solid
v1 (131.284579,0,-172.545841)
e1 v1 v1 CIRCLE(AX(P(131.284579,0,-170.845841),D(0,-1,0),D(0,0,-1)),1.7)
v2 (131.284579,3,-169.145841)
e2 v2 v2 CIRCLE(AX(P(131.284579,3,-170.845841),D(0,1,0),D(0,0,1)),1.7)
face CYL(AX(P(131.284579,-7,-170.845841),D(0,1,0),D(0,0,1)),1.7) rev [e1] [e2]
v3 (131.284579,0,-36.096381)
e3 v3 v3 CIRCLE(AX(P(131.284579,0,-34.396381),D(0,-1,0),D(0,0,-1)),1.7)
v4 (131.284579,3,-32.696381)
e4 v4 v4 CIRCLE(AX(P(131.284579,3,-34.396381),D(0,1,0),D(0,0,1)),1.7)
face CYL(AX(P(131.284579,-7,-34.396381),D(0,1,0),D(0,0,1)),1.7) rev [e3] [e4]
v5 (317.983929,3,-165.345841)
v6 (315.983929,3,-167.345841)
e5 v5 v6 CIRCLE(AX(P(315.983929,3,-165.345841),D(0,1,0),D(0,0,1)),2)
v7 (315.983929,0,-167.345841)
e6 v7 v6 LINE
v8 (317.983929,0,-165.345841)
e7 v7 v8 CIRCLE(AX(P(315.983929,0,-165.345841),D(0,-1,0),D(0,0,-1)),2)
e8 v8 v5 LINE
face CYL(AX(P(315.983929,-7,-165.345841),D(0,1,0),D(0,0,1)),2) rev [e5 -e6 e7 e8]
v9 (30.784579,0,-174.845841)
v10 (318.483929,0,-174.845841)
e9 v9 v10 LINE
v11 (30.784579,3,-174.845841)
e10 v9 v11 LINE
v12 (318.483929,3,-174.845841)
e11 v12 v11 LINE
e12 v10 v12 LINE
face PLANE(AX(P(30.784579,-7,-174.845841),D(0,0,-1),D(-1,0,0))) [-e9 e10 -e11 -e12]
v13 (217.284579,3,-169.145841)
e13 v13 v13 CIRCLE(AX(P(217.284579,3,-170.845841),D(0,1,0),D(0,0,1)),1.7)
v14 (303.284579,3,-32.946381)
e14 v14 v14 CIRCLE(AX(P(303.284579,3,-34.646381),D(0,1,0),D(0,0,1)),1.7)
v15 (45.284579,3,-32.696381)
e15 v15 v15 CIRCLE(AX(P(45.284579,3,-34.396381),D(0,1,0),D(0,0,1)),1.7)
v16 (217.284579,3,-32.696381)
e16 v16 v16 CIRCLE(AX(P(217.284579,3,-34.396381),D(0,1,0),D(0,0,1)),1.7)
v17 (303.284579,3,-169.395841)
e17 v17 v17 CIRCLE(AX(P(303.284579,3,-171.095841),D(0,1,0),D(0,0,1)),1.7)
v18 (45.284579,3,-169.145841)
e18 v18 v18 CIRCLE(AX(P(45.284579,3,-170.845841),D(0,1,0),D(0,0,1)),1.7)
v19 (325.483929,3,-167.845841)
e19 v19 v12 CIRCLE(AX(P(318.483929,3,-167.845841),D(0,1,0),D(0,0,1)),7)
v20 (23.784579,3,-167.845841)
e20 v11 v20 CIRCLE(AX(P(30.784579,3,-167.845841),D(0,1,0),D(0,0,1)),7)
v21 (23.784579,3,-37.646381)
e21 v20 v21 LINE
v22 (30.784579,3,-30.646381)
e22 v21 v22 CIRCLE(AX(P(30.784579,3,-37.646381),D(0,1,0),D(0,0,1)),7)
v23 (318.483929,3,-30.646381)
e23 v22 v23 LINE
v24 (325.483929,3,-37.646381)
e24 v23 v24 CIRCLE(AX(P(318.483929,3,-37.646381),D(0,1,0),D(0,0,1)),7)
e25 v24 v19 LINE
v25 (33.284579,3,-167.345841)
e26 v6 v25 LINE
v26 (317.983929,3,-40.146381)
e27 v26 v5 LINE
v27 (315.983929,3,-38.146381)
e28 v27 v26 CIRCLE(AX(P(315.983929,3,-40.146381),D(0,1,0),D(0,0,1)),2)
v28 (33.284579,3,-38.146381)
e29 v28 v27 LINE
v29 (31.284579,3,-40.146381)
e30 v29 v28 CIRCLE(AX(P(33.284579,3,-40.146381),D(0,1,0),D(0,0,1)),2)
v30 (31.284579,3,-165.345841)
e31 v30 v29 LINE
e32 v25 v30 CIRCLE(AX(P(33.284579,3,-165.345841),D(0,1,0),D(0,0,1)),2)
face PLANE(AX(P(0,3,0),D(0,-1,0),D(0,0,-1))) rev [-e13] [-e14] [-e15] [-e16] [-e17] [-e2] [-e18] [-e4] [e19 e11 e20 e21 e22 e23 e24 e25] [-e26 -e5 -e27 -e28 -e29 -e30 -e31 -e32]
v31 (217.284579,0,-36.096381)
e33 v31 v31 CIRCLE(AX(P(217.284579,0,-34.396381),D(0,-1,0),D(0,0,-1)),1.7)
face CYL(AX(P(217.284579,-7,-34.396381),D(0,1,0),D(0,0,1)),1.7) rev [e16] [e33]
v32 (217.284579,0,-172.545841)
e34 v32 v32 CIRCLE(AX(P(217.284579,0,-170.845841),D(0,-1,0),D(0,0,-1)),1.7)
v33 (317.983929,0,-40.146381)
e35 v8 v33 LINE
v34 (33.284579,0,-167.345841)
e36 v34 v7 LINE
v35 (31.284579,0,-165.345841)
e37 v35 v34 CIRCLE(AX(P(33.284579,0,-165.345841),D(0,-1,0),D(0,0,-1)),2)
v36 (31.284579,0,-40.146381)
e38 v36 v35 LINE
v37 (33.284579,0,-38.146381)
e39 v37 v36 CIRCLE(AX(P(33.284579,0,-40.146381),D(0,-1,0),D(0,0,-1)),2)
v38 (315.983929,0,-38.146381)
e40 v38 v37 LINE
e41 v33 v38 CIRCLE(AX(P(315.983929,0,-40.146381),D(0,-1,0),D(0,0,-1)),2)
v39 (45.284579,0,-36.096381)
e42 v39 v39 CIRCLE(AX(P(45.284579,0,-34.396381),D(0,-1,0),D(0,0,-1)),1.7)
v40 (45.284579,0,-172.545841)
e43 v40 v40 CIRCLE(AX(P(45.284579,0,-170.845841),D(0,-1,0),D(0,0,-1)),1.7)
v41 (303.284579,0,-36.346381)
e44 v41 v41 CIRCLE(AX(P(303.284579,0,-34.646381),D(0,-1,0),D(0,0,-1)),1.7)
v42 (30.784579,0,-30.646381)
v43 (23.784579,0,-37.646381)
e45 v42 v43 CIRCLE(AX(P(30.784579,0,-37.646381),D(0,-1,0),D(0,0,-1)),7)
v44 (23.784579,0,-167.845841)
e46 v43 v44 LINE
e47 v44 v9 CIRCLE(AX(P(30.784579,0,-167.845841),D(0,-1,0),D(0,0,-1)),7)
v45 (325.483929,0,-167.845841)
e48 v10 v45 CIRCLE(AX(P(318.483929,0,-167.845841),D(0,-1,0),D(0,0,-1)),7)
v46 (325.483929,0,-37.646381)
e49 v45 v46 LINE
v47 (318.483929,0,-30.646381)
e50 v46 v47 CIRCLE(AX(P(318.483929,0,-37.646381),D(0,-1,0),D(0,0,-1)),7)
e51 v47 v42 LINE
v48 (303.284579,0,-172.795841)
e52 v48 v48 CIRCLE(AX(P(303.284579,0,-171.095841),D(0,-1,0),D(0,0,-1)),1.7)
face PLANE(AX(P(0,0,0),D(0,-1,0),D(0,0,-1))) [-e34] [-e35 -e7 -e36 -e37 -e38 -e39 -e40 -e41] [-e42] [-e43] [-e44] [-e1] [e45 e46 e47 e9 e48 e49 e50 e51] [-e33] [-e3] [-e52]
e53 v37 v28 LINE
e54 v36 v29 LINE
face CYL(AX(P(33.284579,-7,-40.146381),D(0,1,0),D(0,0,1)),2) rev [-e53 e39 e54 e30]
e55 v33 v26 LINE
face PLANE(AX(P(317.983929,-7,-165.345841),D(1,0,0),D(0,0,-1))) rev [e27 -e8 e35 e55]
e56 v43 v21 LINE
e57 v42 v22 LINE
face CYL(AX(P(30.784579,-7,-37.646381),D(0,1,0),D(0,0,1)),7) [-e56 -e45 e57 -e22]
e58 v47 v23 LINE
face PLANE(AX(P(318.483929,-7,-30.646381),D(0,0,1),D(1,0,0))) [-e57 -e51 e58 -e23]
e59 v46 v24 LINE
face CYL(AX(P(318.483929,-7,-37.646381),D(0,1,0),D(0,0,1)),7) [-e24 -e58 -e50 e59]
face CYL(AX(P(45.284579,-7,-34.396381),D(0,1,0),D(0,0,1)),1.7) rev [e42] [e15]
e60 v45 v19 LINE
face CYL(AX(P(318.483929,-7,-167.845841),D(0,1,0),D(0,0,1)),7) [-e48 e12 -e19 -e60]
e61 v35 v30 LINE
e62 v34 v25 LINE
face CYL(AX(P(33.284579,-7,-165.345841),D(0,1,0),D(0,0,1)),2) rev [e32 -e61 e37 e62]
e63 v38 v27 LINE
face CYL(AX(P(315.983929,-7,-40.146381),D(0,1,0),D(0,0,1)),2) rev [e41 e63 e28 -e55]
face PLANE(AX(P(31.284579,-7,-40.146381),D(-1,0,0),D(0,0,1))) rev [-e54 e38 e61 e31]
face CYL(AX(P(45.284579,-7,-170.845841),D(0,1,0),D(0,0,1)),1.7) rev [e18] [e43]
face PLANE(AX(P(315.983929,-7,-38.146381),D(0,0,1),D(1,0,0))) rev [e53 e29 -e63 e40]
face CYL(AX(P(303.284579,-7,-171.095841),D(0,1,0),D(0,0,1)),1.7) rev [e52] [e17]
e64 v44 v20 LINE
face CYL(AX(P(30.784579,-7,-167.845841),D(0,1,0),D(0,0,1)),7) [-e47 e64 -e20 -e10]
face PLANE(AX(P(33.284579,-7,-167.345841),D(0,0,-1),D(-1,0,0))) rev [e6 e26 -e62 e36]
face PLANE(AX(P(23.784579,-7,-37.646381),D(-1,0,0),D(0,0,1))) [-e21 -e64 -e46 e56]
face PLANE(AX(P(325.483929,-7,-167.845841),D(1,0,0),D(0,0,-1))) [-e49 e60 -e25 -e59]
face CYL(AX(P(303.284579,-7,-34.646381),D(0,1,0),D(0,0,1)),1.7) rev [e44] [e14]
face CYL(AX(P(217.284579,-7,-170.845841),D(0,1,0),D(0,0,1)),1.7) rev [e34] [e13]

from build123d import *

# Parameters (mm, degrees)
SKETCH1_W           = 350
SKETCH1_H           = 200
BOSS_EXTRUDE1_DEPTH = 3
SKETCH2_OUTSIDE_W   = 432.624
SKETCH2_OUTSIDE_H   = 282.624
SKETCH2_OUTSIDE_R   = 1.7
CUT_EXTRUDE1_DEPTH  = 10


with BuildPart() as part:
    # Sketch1 → Boss-Extrude1 (new body)
    with BuildSketch(Plane(origin=(0, 0, 0), x_dir=(1, 0, 0), z_dir=(0, 1, 0))):
        with Locations((175, 100)):
            Rectangle(SKETCH1_W, SKETCH1_H)
    extrude(amount=BOSS_EXTRUDE1_DEPTH)

    # Sketch2 outside → Cut-Extrude1 (cut)
    with BuildSketch(Plane(origin=(0, 3, 0), x_dir=(1, 0, 0), z_dir=(0, 1, 0))):
        with Locations((175, 100)):
            Rectangle(SKETCH2_OUTSIDE_W, SKETCH2_OUTSIDE_H)
        with BuildLine():
            Line((23.784579293, 37.646381187), (23.784579293, 167.845841187))
            ThreePointArc((23.784579293, 167.845841187), (25.834831825, 172.795588656), (30.784579293, 174.845841187))
            Line((30.784579293, 174.845841187), (318.483929293, 174.845841187))
            ThreePointArc((318.483929293, 174.845841187), (323.433676762, 172.795588656), (325.483929293, 167.845841187))
            Line((325.483929293, 167.845841187), (325.483929293, 37.646381187))
            ThreePointArc((325.483929293, 37.646381187), (323.433676762, 32.696633719), (318.483929293, 30.646381187))
            Line((318.483929293, 30.646381187), (30.784579293, 30.646381187))
            ThreePointArc((30.784579293, 30.646381187), (25.834831825, 32.696633719), (23.784579293, 37.646381187))
        make_face(mode=Mode.SUBTRACT)
        with Locations((303.284579293, 34.646381187)):
            Circle(SKETCH2_OUTSIDE_R)
        with Locations((217.284579293, 34.396381187)):
            Circle(SKETCH2_OUTSIDE_R)
        with Locations((45.284579293, 34.396381187)):
            Circle(SKETCH2_OUTSIDE_R)
        with Locations((131.284579293, 34.396381187)):
            Circle(SKETCH2_OUTSIDE_R)
        with Locations((303.284579293, 171.095841187)):
            Circle(SKETCH2_OUTSIDE_R)
        with Locations((217.284579293, 170.845841187)):
            Circle(SKETCH2_OUTSIDE_R)
        with Locations((45.284579293, 170.845841187)):
            Circle(SKETCH2_OUTSIDE_R)
        with Locations((131.284579293, 170.845841187)):
            Circle(SKETCH2_OUTSIDE_R)
        with BuildLine():
            Line((33.284579293, 167.345841187), (315.983929293, 167.345841187))
            ThreePointArc((315.983929293, 167.345841187), (317.398142856, 166.76005475), (317.983929293, 165.345841187))
            Line((317.983929293, 165.345841187), (317.983929293, 40.146381187))
            ThreePointArc((317.983929293, 40.146381187), (317.398142856, 38.732167625), (315.983929293, 38.146381187))
            Line((315.983929293, 38.146381187), (33.284579293, 38.146381187))
            ThreePointArc((33.284579293, 38.146381187), (31.870365731, 38.732167625), (31.284579293, 40.146381187))
            Line((31.284579293, 40.146381187), (31.284579293, 165.345841187))
            ThreePointArc((31.284579293, 165.345841187), (31.870365731, 166.76005475), (33.284579293, 167.345841187))
        make_face()
    extrude(amount=-CUT_EXTRUDE1_DEPTH, mode=Mode.SUBTRACT)


solid = part.part
